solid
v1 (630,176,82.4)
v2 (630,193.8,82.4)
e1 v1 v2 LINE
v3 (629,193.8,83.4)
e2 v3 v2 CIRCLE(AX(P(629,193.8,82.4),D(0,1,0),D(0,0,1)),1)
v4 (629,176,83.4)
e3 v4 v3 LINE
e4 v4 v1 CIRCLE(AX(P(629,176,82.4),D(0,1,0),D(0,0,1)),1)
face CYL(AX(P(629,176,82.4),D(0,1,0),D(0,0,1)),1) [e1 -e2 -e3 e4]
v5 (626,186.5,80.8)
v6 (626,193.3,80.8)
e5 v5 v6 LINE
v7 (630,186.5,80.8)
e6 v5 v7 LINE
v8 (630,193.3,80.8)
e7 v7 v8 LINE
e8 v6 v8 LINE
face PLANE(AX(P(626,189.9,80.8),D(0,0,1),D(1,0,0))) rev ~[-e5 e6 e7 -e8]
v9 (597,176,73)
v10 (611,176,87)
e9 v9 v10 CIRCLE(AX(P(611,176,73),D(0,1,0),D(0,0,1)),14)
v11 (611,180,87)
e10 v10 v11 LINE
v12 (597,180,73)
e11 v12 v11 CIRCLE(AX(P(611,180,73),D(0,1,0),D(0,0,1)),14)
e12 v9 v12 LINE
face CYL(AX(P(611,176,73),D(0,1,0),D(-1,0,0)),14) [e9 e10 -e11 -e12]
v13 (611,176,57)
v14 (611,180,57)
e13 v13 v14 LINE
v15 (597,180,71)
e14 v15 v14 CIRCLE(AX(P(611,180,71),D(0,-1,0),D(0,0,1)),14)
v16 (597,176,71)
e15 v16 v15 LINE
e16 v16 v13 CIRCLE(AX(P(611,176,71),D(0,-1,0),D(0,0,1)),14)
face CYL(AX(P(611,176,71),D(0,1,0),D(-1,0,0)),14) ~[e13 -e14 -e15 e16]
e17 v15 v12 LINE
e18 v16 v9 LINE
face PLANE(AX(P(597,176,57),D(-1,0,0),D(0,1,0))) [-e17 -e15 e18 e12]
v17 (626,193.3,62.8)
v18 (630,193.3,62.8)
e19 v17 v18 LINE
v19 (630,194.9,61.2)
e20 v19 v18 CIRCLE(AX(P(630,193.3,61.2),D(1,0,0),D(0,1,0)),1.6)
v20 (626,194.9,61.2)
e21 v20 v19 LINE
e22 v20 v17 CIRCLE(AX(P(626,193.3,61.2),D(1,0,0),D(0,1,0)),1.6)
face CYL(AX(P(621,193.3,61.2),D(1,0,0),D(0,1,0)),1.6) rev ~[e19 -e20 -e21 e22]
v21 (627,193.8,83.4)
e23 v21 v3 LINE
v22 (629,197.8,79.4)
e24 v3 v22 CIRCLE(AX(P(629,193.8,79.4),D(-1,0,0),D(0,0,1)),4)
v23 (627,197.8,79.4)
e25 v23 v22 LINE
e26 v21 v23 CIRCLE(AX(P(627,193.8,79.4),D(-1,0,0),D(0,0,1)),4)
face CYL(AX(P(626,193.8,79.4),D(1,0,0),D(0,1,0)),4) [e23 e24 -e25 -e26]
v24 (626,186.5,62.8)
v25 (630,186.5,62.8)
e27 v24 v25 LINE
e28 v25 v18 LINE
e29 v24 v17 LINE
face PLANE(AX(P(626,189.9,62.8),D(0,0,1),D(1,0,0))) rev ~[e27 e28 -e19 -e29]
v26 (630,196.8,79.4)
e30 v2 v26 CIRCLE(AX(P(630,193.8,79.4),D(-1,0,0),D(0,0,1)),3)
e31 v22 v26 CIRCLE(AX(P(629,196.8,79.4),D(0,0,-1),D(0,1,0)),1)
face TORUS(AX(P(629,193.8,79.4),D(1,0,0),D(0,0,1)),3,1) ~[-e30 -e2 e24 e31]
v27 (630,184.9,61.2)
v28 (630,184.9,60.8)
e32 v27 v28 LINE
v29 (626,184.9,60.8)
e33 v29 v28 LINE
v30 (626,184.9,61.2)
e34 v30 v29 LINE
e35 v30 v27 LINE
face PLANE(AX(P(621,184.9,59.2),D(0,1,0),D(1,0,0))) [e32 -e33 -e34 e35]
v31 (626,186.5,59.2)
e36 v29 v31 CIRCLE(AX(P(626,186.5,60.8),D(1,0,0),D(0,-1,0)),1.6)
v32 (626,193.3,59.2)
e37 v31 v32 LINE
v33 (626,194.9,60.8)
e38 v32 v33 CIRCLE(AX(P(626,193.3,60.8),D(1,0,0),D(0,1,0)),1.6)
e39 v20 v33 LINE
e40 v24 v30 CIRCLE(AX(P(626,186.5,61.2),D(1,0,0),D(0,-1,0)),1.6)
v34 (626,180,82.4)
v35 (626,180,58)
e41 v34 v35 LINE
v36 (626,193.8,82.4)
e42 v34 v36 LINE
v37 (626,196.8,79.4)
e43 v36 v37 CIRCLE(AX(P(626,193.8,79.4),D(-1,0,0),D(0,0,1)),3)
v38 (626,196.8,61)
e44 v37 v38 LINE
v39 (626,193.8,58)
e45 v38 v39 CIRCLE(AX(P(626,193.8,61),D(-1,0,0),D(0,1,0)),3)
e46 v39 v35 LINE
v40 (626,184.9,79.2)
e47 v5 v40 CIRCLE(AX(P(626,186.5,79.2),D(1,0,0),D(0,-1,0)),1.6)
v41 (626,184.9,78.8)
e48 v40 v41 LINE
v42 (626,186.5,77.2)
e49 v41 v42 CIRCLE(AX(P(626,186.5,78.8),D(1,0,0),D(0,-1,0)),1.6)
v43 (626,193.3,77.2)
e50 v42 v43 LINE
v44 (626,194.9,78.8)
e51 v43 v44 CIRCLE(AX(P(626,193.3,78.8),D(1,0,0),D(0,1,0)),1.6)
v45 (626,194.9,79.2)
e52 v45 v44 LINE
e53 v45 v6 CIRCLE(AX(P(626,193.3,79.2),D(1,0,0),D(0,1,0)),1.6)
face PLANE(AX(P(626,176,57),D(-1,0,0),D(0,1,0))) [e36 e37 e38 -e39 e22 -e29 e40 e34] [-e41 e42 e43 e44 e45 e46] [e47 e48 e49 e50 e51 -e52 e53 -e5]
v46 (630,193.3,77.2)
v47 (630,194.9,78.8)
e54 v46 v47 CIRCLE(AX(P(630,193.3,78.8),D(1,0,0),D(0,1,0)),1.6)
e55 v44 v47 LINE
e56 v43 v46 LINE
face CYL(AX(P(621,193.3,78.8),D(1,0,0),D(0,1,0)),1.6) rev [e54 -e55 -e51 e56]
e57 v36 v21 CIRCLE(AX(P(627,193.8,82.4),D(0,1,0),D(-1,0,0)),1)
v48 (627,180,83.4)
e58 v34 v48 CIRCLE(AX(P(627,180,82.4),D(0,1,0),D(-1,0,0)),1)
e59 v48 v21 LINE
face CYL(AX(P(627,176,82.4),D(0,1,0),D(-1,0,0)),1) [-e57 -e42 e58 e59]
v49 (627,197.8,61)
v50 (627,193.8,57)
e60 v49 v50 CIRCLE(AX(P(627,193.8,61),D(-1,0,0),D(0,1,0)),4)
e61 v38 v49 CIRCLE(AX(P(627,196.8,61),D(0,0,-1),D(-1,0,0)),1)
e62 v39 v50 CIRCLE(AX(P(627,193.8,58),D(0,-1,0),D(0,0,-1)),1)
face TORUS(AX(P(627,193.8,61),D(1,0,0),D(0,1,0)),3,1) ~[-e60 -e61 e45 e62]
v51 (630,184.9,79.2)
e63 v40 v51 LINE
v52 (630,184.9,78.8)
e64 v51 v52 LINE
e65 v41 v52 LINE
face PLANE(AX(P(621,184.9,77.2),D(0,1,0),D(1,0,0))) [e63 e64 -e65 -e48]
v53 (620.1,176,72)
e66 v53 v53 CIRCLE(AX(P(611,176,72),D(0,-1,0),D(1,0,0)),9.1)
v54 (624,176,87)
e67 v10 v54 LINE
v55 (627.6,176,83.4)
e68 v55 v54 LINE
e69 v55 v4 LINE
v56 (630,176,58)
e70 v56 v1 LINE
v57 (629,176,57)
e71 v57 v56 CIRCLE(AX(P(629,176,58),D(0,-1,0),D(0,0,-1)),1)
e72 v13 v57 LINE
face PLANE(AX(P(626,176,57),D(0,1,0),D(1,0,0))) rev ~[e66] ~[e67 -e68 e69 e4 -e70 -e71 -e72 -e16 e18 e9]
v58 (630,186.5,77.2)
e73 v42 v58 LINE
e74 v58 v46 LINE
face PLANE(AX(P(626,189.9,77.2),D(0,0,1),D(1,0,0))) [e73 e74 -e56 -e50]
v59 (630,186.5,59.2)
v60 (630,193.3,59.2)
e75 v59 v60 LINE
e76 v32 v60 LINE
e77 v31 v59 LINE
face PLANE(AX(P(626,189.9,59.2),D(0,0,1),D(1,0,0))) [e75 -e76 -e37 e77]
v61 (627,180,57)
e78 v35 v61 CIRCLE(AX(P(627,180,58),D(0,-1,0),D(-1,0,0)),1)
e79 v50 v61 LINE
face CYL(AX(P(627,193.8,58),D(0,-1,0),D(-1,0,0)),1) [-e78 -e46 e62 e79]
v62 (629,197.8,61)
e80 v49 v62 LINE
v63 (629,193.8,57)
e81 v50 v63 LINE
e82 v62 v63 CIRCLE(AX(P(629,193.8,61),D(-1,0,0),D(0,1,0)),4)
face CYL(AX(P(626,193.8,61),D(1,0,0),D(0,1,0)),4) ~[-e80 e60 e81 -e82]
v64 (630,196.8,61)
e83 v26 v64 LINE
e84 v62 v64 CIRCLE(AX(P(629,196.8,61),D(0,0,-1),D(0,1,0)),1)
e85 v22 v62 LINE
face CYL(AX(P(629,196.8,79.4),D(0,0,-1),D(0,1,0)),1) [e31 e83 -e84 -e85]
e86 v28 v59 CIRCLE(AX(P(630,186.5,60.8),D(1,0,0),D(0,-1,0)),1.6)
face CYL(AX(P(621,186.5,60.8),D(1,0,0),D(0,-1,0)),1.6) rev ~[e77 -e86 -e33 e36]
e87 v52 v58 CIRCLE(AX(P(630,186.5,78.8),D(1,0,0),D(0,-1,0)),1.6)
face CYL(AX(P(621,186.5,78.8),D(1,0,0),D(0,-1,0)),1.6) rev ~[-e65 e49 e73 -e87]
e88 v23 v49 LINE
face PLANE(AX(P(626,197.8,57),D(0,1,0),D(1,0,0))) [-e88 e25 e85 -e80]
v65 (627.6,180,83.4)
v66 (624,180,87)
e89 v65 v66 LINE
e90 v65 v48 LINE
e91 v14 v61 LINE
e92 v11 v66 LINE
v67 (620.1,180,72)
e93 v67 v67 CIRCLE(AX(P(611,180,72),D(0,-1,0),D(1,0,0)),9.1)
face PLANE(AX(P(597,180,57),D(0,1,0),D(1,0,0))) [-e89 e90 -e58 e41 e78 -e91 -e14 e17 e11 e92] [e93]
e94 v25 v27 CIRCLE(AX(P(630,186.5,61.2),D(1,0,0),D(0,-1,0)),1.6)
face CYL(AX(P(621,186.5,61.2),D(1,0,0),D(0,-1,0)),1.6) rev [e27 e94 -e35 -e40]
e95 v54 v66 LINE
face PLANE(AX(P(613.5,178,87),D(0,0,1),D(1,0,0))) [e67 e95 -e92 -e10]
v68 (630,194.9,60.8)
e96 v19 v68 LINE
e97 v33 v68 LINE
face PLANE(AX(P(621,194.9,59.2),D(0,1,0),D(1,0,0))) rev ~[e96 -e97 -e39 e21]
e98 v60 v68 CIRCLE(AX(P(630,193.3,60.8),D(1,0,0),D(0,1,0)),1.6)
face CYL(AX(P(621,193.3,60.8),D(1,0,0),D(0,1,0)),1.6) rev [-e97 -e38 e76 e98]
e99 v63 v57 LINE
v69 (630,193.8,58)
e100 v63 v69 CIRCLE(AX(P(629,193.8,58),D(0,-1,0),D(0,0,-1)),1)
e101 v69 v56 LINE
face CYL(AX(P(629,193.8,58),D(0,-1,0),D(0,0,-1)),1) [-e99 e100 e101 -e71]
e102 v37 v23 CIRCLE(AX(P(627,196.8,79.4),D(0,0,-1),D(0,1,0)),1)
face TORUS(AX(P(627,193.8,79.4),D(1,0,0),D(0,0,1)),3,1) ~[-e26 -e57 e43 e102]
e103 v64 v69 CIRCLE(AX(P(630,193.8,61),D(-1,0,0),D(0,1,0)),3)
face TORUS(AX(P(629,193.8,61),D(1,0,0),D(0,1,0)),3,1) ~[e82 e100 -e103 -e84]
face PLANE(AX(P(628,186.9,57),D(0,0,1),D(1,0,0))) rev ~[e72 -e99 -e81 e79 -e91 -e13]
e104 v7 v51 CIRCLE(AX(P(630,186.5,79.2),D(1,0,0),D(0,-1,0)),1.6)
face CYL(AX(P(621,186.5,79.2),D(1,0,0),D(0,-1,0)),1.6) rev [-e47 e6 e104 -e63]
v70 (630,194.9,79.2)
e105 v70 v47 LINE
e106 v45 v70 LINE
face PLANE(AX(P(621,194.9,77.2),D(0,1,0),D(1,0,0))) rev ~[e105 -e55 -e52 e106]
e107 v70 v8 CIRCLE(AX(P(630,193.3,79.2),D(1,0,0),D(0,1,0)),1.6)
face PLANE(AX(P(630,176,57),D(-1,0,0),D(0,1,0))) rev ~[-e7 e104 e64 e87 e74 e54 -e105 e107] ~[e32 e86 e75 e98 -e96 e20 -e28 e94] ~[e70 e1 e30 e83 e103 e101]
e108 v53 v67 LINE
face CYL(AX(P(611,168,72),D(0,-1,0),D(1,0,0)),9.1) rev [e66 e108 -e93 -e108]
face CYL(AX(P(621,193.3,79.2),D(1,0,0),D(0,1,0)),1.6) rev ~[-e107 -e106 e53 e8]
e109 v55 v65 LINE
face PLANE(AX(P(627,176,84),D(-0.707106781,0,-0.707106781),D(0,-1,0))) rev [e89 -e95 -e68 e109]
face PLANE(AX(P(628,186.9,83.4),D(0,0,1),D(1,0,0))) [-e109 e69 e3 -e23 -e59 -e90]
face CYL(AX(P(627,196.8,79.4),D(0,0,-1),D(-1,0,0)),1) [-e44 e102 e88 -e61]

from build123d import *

# Parameters (mm, degrees)
CYLINDER001_R     = 9.1
CYLINDER001_DEPTH = 20
BOX_W             = 33
BOX_H             = 4
BOX_DEPTH         = 30
FILLET_R          = 14
FILLET005_R       = 1
CHAMFER_SIZE      = 6
BOX003_W          = 10
BOX003_H          = 10
BOX003_DEPTH      = 3.6
FILLET004_R       = 1.6
BOX002_W          = 10
BOX002_H          = 10
BOX002_DEPTH      = 3.6
FILLET003_R       = 1.6
BOX001_W          = 4
BOX001_H          = 21.8
BOX001_DEPTH      = 26.4
FILLET001_R       = 4
FILLET002_R       = 1


with BuildPart() as cilindro001:
    # Cylinder001 → Cylinder001 (new body)
    with BuildSketch(Plane(origin=(611, 168, 72), x_dir=(1, 0, 0), z_dir=(0, 1, 0))):
        Circle(CYLINDER001_R)
    extrude(amount=CYLINDER001_DEPTH)


with BuildPart() as chamfer_body:
    # Box → Box (new body)
    with BuildSketch(Plane(origin=(597, 176, 57), x_dir=(1, 0, 0), z_dir=(0, 0, 1))):
        with Locations((16.5, 2)):
            Rectangle(BOX_W, BOX_H)
    extrude(amount=BOX_DEPTH)

    # Fillet
    fillet_edges = [chamfer_body.edges().sort_by_distance(p)[0] for p in [
        (597, 178, 87),
        (597, 178, 57),
    ]]
    fillet(fillet_edges, radius=FILLET_R)

    # Fillet005
    fillet005_edges = [chamfer_body.edges().sort_by_distance(p)[0] for p in [
        (630, 178, 57),
    ]]
    fillet(fillet005_edges, radius=FILLET005_R)

    # Chamfer
    chamfer_edges = [chamfer_body.edges().sort_by_distance(p)[0] for p in [
        (630, 178, 87),
    ]]
    chamfer(chamfer_edges, length=CHAMFER_SIZE)


with BuildPart() as fillet004:
    # Box003 → Box003 (new body)
    with BuildSketch(Plane(origin=(621, 184.9, 59.2), x_dir=(1, 0, 0), z_dir=(0, 0, 1))):
        with Locations((5, 5)):
            Rectangle(BOX003_W, BOX003_H)
    extrude(amount=BOX003_DEPTH)

    # Fillet004
    fillet004_edges = [fillet004.edges().sort_by_distance(p)[0] for p in [
        (626, 184.9, 59.2),
        (626, 184.9, 62.8),
        (626, 194.9, 59.2),
        (626, 194.9, 62.8),
    ]]
    fillet(fillet004_edges, radius=FILLET004_R)


with BuildPart() as fillet004_1:
    # Fillet004 placement: moved
    add(fillet004.part.moved(Location((0, 0, 18))))


with BuildPart() as fillet003:
    # Box002 → Box002 (new body)
    with BuildSketch(Plane(origin=(621, 184.9, 59.2), x_dir=(1, 0, 0), z_dir=(0, 0, 1))):
        with Locations((5, 5)):
            Rectangle(BOX002_W, BOX002_H)
    extrude(amount=BOX002_DEPTH)

    # Fillet003
    fillet003_edges = [fillet003.edges().sort_by_distance(p)[0] for p in [
        (626, 184.9, 59.2),
        (626, 184.9, 62.8),
        (626, 194.9, 59.2),
        (626, 194.9, 62.8),
    ]]
    fillet(fillet003_edges, radius=FILLET003_R)


with BuildPart() as cut002:
    # Box001 → Box001 (new body)
    with BuildSketch(Plane(origin=(626, 176, 57), x_dir=(1, 0, 0), z_dir=(0, 0, 1))):
        with Locations((2, 10.9)):
            Rectangle(BOX001_W, BOX001_H)
    extrude(amount=BOX001_DEPTH)

    # Fillet001
    fillet001_edges = [cut002.edges().sort_by_distance(p)[0] for p in [
        (628, 197.8, 57),
        (628, 197.8, 83.4),
    ]]
    fillet(fillet001_edges, radius=FILLET001_R)

    # Fillet002
    fillet002_edges = [cut002.edges().sort_by_distance(p)[0] for p in [
        (626, 184.9, 83.4),
        (626, 197.8, 70.2),
        (626, 184.9, 57),
        (630, 184.9, 83.4),
        (630, 197.8, 70.2),
        (630, 184.9, 57),
    ]]
    fillet(fillet002_edges, radius=FILLET002_R)

    # Cut: cut Fillet003
    add(fillet003.part, mode=Mode.SUBTRACT)

    # Cut001: cut Fillet004
    add(fillet004_1.part, mode=Mode.SUBTRACT)

    # Fusion: union Chamfer body
    add(chamfer_body.part)

    # Cut002: cut Cilindro001
    add(cilindro001.part, mode=Mode.SUBTRACT)


solid = cut002.part
